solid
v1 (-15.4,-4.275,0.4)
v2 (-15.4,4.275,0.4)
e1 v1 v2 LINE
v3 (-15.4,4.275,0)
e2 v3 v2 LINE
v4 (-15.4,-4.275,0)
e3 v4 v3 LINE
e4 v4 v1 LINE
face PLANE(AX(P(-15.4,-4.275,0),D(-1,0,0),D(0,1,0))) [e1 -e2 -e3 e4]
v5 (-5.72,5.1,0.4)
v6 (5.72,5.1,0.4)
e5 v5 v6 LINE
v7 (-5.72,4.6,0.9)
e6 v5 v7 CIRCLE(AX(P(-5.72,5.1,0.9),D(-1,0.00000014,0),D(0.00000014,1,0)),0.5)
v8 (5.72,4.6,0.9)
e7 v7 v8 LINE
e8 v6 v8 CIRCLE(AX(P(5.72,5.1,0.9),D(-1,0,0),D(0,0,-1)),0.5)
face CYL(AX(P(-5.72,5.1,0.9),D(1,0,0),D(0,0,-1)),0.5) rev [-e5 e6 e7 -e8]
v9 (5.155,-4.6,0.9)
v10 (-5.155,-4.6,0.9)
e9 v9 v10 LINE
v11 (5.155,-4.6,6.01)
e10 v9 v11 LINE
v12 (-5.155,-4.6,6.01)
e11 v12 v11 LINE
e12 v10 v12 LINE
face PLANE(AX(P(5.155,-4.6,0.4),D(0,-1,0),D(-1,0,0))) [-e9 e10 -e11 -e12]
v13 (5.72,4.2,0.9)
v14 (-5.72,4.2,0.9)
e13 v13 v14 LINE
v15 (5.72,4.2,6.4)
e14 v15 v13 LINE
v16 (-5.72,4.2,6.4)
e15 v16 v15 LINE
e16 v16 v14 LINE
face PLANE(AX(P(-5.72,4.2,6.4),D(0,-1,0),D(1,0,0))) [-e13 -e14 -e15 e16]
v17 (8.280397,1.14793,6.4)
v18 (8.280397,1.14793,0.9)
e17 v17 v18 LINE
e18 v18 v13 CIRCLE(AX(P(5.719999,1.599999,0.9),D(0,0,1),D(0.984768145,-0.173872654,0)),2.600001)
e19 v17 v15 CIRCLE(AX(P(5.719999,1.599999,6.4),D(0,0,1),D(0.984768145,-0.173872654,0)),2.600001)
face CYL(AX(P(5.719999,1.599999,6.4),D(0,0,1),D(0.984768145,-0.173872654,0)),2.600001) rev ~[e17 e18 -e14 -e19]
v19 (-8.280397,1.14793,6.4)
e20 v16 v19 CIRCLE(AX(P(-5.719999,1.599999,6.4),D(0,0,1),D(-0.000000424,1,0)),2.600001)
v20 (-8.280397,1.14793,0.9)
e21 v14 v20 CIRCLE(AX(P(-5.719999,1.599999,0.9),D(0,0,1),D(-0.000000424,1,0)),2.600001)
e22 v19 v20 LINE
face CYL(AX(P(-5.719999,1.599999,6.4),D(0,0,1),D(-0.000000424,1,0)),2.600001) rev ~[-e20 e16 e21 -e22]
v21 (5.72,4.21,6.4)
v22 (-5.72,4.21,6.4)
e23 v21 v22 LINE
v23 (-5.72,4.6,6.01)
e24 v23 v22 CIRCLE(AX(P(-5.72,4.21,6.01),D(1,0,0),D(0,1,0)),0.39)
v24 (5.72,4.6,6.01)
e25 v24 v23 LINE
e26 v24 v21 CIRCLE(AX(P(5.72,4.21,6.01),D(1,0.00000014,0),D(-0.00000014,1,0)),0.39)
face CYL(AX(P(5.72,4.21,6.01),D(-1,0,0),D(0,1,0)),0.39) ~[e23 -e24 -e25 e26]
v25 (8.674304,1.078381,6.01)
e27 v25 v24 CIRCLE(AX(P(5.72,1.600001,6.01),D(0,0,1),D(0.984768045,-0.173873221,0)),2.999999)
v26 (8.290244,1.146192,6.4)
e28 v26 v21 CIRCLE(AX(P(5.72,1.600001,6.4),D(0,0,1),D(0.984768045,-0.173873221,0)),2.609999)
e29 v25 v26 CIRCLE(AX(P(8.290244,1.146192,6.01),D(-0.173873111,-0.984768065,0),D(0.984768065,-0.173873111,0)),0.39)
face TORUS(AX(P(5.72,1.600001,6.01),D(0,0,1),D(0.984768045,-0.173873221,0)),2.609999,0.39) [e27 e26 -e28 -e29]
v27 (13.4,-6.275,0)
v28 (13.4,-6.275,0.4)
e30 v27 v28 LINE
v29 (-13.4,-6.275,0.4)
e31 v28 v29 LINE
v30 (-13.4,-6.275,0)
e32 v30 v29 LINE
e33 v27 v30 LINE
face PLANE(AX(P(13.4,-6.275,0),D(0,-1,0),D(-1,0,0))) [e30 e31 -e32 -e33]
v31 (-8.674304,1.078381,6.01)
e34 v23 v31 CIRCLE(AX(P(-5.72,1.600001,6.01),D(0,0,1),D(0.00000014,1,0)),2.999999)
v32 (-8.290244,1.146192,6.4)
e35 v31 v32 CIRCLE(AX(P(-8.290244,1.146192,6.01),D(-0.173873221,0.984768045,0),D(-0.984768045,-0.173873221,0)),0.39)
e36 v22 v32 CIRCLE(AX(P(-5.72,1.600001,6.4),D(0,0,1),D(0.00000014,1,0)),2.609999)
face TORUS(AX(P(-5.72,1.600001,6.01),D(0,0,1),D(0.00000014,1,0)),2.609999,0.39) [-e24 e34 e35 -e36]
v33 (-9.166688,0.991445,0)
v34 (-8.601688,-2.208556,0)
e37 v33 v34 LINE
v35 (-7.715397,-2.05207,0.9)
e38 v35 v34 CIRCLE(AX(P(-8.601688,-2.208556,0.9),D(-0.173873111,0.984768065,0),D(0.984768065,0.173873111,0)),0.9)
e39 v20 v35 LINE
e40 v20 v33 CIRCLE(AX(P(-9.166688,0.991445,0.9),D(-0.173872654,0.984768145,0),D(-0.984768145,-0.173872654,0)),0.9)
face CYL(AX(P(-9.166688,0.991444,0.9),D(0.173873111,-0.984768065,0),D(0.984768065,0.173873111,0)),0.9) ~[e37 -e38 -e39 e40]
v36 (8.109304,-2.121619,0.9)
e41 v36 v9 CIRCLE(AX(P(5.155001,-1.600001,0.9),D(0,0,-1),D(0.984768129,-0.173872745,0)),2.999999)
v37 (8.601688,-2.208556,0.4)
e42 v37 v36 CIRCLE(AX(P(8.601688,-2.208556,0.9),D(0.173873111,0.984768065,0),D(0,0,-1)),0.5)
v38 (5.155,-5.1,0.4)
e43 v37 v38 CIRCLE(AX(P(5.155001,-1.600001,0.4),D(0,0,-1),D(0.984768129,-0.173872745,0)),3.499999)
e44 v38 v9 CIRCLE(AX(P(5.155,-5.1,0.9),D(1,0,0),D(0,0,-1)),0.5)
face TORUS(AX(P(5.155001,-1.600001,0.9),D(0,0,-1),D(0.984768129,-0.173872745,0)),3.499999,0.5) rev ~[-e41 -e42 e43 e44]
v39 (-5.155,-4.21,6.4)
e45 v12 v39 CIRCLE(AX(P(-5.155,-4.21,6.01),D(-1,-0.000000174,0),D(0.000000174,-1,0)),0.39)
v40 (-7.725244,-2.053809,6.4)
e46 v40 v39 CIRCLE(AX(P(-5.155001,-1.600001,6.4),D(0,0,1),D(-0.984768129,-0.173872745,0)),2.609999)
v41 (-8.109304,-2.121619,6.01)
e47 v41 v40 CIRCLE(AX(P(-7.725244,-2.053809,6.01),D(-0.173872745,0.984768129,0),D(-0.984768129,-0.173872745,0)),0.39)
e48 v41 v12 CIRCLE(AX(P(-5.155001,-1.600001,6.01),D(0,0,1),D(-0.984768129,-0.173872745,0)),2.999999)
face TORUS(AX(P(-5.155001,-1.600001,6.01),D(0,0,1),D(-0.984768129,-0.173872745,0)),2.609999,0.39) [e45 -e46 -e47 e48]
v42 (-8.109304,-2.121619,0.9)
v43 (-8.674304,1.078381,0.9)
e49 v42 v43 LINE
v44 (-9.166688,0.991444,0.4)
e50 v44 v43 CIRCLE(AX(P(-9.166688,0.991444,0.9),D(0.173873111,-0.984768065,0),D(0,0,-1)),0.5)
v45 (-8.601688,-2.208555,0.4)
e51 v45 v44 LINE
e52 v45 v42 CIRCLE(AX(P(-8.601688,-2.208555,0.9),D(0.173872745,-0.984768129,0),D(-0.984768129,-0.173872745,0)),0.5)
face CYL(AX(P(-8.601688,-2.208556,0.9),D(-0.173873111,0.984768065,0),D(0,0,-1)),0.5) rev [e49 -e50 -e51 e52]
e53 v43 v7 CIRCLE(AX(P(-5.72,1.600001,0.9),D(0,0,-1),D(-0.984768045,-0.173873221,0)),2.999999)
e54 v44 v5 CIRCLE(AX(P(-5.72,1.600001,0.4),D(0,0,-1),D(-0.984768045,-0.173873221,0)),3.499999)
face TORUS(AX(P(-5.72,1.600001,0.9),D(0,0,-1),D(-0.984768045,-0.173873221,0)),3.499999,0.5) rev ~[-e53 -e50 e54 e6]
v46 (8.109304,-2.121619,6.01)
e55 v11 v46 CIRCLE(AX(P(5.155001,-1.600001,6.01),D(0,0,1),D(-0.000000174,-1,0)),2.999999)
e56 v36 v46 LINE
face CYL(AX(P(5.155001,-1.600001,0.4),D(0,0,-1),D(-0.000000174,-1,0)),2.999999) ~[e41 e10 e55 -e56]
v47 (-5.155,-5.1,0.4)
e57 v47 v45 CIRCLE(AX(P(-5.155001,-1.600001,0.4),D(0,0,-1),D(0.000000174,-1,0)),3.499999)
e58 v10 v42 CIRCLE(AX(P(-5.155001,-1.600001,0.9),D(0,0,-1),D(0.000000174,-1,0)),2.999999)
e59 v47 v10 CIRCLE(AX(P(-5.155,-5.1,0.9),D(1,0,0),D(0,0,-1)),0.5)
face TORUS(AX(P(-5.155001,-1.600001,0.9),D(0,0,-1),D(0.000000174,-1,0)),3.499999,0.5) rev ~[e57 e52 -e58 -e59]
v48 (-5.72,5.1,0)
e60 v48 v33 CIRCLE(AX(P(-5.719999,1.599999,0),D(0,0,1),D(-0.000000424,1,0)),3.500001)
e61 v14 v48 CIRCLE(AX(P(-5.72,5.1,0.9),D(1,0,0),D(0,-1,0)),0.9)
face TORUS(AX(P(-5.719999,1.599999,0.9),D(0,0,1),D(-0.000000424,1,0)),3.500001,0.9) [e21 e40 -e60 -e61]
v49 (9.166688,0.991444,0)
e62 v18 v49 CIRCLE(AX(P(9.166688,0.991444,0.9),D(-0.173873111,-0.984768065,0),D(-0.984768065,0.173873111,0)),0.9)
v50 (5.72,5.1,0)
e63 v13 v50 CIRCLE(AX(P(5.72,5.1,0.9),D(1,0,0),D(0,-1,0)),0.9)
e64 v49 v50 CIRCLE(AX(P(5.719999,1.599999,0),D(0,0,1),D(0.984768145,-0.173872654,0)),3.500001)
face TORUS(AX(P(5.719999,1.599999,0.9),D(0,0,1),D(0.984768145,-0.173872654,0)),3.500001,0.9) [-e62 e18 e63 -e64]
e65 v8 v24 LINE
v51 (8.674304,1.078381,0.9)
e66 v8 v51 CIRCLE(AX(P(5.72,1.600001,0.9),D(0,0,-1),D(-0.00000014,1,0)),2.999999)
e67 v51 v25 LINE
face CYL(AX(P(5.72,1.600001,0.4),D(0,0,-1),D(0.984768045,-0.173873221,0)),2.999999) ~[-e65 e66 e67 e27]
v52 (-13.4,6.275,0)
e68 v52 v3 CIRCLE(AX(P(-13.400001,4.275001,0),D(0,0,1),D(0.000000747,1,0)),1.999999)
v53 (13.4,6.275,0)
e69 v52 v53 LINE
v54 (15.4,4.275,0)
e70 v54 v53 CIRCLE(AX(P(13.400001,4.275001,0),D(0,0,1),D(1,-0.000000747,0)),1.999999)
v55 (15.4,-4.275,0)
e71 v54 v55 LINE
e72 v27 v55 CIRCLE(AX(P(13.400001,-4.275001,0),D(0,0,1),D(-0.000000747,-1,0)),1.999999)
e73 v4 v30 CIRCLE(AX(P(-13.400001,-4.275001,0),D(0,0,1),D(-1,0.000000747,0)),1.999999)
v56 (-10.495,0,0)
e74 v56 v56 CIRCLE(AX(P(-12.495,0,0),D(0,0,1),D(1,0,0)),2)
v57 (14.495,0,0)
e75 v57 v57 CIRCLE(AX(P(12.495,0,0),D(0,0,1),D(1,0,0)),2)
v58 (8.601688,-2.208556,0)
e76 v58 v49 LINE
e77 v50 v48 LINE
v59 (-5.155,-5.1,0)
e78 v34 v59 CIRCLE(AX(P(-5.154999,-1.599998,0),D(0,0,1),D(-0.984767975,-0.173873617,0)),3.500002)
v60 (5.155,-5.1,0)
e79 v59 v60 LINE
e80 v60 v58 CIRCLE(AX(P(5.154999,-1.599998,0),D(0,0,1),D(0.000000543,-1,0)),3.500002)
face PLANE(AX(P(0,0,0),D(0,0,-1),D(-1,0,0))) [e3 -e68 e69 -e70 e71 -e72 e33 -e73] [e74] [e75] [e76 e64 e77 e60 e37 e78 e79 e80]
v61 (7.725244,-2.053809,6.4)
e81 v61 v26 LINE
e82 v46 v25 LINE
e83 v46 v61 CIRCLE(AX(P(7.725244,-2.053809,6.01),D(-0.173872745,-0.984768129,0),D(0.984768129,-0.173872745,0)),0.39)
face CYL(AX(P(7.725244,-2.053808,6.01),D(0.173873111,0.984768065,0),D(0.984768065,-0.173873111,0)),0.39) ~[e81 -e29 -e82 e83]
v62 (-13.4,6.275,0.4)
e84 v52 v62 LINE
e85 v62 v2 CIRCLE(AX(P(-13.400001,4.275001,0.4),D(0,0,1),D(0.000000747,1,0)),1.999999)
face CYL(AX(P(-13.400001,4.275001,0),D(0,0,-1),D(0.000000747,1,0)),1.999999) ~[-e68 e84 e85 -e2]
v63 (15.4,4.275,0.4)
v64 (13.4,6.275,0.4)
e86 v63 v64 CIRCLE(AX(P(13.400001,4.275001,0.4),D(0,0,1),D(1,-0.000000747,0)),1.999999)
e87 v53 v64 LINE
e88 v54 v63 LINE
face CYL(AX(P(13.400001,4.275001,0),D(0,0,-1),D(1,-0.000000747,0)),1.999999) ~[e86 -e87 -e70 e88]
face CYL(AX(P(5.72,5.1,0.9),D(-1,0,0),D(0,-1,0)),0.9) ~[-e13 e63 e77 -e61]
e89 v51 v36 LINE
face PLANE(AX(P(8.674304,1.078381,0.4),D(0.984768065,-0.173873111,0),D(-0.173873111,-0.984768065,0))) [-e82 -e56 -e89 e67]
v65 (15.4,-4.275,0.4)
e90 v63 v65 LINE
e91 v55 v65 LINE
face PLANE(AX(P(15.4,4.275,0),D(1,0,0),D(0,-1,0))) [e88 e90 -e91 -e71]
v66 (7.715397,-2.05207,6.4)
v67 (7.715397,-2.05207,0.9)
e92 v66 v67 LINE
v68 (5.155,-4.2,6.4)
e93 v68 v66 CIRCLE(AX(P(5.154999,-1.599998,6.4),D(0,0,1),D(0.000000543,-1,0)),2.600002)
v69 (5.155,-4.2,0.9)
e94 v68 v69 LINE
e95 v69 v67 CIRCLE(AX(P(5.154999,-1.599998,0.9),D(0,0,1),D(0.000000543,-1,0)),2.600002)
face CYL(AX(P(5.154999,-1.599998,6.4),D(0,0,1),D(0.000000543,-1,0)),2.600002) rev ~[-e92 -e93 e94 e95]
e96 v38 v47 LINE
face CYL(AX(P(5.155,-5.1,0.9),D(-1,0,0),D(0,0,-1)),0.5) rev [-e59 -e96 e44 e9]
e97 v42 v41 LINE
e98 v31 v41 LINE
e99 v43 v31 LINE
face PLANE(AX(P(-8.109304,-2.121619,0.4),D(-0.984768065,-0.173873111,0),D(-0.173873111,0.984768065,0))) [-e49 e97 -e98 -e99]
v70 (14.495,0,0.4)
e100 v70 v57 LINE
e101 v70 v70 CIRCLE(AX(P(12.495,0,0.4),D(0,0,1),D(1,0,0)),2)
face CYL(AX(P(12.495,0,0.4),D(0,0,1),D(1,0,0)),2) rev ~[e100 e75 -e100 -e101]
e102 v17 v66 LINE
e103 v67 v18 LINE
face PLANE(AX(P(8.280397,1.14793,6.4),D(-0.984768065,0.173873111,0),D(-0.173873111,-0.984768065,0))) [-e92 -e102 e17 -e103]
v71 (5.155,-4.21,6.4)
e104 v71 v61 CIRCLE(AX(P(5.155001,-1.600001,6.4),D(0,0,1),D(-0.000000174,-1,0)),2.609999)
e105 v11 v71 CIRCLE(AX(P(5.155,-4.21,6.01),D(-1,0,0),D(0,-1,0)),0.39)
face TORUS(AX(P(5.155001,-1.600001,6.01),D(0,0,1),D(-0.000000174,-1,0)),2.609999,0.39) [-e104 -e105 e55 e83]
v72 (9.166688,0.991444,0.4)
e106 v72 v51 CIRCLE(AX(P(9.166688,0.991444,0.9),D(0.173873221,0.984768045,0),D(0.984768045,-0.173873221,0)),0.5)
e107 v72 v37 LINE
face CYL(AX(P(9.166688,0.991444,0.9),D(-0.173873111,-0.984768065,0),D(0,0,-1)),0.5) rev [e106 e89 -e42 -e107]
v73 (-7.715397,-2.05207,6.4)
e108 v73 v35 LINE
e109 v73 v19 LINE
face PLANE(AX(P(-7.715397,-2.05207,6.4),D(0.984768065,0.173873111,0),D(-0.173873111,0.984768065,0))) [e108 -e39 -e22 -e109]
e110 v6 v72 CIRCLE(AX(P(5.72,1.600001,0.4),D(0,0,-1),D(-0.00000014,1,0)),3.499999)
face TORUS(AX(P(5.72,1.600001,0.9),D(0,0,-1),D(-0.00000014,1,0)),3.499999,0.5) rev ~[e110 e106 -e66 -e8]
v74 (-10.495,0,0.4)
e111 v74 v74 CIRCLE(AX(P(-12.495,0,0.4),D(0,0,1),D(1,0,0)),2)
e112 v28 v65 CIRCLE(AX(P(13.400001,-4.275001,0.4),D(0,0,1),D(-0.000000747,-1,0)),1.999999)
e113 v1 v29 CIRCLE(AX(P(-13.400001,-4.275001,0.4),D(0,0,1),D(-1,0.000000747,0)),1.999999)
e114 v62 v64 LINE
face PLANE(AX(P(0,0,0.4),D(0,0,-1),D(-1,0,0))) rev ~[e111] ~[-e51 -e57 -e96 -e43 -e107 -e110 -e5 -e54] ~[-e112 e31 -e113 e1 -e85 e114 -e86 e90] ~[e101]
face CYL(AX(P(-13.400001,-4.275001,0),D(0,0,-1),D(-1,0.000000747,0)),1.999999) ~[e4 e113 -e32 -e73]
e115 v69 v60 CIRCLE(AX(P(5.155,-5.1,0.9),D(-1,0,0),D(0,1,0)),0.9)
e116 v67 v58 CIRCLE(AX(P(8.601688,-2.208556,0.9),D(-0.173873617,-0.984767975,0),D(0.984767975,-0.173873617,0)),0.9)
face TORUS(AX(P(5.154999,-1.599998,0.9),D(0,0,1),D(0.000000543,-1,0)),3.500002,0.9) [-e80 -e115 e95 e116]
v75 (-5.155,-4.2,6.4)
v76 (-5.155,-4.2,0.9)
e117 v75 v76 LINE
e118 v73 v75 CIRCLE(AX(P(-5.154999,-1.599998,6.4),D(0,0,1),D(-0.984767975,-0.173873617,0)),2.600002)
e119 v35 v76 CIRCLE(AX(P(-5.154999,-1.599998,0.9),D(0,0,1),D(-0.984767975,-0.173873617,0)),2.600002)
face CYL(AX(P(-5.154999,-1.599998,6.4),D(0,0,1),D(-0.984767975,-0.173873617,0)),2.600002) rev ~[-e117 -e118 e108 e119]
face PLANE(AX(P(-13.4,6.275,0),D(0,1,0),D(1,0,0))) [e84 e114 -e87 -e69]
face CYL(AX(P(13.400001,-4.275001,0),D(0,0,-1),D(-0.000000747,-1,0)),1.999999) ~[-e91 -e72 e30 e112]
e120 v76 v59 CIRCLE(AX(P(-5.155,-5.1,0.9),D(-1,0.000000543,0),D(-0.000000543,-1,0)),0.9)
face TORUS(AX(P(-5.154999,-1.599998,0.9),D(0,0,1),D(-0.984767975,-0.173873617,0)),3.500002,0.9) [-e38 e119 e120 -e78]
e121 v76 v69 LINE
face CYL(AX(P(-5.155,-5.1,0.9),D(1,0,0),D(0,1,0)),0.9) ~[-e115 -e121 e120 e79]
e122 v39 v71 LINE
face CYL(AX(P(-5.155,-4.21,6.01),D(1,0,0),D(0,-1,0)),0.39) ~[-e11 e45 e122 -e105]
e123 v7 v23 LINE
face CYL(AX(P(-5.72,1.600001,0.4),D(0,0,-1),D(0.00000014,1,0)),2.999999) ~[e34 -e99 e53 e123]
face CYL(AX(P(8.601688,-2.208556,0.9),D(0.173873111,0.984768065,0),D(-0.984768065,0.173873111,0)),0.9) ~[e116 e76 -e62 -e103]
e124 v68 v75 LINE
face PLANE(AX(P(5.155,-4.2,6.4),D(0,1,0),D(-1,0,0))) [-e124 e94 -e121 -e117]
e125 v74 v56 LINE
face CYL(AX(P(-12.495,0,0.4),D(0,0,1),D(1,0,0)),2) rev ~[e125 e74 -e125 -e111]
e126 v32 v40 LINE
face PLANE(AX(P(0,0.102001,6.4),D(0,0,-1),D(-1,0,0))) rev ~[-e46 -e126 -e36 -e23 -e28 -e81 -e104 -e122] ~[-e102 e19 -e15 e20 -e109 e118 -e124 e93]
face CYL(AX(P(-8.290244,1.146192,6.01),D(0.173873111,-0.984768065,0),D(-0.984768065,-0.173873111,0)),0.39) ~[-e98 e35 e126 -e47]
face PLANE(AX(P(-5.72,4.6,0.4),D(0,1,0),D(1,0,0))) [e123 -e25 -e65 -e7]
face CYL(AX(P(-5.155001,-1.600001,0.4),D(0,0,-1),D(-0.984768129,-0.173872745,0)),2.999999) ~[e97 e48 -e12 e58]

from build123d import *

# Parameters (mm, degrees)
PAD_DEPTH       = 0.4
SKETCH001_R     = 2
POCKET_DEPTH    = 5
PAD001_DEPTH    = 6
POCKET001_DEPTH = 6.401
FILLET_R        = 0.5
FILLET001_R     = 0.39
FILLET002_R     = 0.9


with BuildPart() as part:
    # Sketch → Pad (new body)
    with BuildSketch(Plane.XY):
        with BuildLine():
            Line((-13.4, 6.275), (13.4, 6.275))
            ThreePointArc((15.4, 4.275), (14.814214, 5.689214), (13.4, 6.275))
            Line((15.4, 4.275), (15.4, -4.275))
            ThreePointArc((13.4, -6.275), (14.814214, -5.689214), (15.4, -4.275))
            Line((13.4, -6.275), (-13.4, -6.275))
            ThreePointArc((-15.4, -4.275), (-14.814214, -5.689214), (-13.4, -6.275))
            Line((-15.4, -4.275), (-15.4, 4.275))
            ThreePointArc((-13.4, 6.275), (-14.814214, 5.689214), (-15.4, 4.275))
        make_face()
    extrude(amount=PAD_DEPTH)

    # Sketch001 (on Face10 of Pad) → Pocket (cut)
    with BuildSketch(Plane.XY.offset(0.4)):
        with Locations((-12.495, 0)):
            Circle(SKETCH001_R)
        with Locations((12.495, 0)):
            Circle(SKETCH001_R)
    extrude(amount=-POCKET_DEPTH, mode=Mode.SUBTRACT)

    # Sketch002 (on Face5 of Pocket) → Pad001 (join)
    with BuildSketch(Plane.XY.offset(0.4)):
        with BuildLine():
            Line((-5.72, 4.6), (5.72, 4.6))
            ThreePointArc((8.674304, 1.078381), (8.018354, 3.5281), (5.72, 4.6))
            Line((8.674304, 1.078381), (8.109304, -2.121619))
            ThreePointArc((5.155, -4.6), (7.0831, -3.898354), (8.109304, -2.121619))
            Line((5.155, -4.6), (-5.155, -4.6))
            ThreePointArc((-8.109304, -2.121619), (-7.0831, -3.898354), (-5.155, -4.6))
            Line((-8.109304, -2.121619), (-8.674304, 1.078381))
            ThreePointArc((-5.72, 4.6), (-8.018354, 3.5281), (-8.674304, 1.078381))
        make_face()
    extrude(amount=PAD001_DEPTH)

    # Sketch003 (on Face21 of Pad001) → Pocket001 (cut, through all)
    with BuildSketch(Plane.XY.offset(6.4)):
        with BuildLine():
            Line((-5.72, 4.2), (5.72, 4.2))
            ThreePointArc((8.280397, 1.14793), (7.711906, 3.27102), (5.72, 4.2))
            Line((8.280397, 1.14793), (7.715397, -2.05207))
            ThreePointArc((5.155, -4.2), (6.82602, -3.591906), (7.715397, -2.05207))
            Line((5.155, -4.2), (-5.155, -4.2))
            ThreePointArc((-7.715397, -2.05207), (-6.82602, -3.591906), (-5.155, -4.2))
            Line((-7.715397, -2.05207), (-8.280397, 1.14793))
            ThreePointArc((-5.72, 4.2), (-7.711906, 3.27102), (-8.280397, 1.14793))
        make_face()
    extrude(amount=-POCKET001_DEPTH, mode=Mode.SUBTRACT)

    # Fillet
    fillet_edges = [part.edges().sort_by_distance(p)[0] for p in [
        (0, -4.6, 0.4),
    ]]
    fillet(fillet_edges, radius=FILLET_R)

    # Fillet001
    fillet001_edges = [part.edges().sort_by_distance(p)[0] for p in [
        (-7.0831, -3.898354, 6.4),
    ]]
    fillet(fillet001_edges, radius=FILLET001_R)

    # Fillet002
    fillet002_edges = [part.edges().sort_by_distance(p)[0] for p in [
        (0, 4.2, 0),
    ]]
    fillet(fillet002_edges, radius=FILLET002_R)


solid = part.part
